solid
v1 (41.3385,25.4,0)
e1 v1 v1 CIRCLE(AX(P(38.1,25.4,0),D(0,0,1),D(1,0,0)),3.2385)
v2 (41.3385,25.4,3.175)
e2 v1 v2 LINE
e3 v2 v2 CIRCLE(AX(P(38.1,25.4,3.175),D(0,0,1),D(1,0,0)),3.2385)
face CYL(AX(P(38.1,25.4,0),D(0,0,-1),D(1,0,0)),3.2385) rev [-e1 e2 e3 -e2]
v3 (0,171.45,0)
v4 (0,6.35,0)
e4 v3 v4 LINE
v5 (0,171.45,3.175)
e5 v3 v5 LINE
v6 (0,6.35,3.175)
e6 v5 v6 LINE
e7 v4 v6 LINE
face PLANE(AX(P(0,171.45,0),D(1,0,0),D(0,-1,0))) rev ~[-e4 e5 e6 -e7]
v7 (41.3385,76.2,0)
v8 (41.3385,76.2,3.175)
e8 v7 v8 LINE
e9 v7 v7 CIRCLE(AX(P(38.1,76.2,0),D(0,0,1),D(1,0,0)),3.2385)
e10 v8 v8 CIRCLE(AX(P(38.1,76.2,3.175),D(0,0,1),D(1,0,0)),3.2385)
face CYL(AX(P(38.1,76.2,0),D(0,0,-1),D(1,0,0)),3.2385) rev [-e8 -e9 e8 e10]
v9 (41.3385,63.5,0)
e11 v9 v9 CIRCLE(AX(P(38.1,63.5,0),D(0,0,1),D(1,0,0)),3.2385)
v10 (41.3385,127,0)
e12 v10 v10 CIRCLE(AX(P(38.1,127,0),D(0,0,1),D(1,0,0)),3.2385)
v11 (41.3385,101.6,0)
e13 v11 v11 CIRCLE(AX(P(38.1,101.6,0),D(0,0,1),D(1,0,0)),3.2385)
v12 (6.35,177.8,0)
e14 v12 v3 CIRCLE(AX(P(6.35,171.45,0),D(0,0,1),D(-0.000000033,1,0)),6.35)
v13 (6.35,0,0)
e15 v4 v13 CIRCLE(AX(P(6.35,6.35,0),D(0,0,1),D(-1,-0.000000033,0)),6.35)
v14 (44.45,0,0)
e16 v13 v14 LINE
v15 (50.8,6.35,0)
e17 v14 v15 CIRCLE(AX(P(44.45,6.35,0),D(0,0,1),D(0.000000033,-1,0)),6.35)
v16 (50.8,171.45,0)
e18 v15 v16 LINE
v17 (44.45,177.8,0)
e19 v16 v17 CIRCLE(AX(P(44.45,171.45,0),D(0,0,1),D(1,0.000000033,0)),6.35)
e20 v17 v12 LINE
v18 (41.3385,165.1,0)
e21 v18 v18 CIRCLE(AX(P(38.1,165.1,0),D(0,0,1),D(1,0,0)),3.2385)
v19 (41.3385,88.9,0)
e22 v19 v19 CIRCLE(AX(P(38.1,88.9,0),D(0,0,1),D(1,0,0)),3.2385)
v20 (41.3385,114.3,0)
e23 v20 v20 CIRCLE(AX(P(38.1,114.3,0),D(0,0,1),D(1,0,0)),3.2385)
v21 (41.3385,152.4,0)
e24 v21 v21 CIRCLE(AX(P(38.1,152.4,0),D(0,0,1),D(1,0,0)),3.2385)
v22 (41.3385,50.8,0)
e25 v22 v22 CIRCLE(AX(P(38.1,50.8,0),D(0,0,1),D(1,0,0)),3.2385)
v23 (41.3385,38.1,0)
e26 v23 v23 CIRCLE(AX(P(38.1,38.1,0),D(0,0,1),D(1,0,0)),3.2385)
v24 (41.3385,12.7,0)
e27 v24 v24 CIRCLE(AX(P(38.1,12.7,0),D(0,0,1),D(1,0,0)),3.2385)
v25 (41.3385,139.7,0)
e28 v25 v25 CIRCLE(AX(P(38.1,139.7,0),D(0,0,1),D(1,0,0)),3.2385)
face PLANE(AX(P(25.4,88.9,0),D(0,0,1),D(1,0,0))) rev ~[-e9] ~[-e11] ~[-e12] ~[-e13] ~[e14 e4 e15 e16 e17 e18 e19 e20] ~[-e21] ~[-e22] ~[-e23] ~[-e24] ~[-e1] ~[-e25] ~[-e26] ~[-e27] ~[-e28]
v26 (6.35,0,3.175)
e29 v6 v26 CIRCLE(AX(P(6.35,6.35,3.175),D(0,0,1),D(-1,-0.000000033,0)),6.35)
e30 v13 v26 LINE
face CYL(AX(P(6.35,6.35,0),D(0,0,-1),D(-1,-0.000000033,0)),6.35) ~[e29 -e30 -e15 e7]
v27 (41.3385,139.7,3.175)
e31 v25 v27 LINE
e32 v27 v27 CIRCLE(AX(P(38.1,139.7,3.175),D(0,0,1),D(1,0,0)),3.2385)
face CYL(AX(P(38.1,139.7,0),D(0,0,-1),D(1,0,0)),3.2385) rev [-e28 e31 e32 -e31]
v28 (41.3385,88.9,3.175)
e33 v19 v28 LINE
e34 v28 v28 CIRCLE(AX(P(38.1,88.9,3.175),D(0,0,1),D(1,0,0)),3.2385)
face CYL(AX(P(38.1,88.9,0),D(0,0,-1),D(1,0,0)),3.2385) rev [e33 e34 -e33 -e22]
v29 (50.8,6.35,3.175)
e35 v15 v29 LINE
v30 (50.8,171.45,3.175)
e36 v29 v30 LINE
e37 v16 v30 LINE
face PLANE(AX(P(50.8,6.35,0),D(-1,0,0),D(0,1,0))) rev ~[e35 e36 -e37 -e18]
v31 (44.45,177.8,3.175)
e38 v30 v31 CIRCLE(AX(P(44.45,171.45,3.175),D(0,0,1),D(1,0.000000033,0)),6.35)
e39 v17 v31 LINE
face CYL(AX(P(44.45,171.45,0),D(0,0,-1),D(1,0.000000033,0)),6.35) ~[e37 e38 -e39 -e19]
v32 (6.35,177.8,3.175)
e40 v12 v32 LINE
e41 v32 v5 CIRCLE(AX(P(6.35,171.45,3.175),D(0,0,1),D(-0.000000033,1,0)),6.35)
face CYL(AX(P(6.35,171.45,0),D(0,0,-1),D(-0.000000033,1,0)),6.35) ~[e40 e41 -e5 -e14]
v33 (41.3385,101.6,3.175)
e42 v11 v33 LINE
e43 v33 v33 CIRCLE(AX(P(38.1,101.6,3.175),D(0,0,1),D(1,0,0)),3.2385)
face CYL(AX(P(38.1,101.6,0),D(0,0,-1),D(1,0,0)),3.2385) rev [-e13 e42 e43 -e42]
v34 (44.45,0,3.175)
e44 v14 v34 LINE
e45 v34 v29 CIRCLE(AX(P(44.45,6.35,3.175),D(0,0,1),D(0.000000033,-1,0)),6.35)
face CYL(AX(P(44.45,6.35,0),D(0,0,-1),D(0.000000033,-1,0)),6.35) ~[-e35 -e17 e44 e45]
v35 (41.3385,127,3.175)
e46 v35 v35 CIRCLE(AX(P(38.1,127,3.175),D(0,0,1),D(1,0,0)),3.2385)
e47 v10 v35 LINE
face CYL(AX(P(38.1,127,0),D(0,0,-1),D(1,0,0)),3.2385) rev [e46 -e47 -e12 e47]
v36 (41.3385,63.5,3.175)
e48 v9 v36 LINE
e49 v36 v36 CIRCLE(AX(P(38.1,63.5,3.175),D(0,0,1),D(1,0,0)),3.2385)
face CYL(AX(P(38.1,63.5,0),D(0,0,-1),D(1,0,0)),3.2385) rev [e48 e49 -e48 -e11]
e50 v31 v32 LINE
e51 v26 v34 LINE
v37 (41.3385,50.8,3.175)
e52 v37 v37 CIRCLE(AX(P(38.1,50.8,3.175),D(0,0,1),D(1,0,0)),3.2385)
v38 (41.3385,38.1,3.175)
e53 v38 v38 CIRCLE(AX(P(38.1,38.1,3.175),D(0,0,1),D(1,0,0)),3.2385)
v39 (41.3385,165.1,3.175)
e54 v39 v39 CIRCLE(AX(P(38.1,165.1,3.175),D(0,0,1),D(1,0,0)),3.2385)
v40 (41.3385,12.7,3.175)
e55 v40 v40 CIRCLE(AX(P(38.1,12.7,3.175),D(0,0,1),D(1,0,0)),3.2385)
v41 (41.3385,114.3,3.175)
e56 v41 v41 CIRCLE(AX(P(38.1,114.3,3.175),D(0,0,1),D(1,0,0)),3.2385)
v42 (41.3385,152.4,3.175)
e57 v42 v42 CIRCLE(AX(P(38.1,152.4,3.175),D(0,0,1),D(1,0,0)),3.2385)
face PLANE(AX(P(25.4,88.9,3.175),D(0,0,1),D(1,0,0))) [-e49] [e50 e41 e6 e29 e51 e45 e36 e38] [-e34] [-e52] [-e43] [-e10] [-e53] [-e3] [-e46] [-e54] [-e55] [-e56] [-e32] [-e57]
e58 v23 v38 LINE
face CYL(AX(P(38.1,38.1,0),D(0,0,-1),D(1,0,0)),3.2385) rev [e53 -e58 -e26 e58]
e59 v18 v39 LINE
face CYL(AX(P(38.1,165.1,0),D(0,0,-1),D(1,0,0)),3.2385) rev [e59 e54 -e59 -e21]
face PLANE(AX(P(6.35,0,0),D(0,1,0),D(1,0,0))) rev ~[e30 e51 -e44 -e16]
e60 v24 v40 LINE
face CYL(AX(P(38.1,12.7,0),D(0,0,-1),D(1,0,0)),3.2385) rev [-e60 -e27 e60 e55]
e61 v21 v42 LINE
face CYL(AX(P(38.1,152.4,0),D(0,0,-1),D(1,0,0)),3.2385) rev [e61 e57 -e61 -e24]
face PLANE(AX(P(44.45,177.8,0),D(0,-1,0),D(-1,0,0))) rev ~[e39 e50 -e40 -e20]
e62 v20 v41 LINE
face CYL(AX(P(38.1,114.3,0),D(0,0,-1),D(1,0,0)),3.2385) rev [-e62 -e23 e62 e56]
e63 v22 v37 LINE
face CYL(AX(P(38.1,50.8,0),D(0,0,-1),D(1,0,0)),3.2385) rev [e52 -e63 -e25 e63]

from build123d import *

# Parameters (mm, degrees)
F0_R     = 3.2385
F1_DEPTH = 3.175


with BuildPart() as f1:
    # F0 (on Top) → F1 (new body)
    with BuildSketch(Plane.XY):
        with BuildLine():
            ThreePointArc((0, 6.35), (1.859872, 1.859872), (6.35, 0))
            Line((6.35, 0), (44.45, 0))
            ThreePointArc((44.45, 0), (48.940128, 1.859872), (50.8, 6.35))
            Line((50.8, 6.35), (50.8, 171.45))
            ThreePointArc((50.8, 171.45), (48.940128, 175.940128), (44.45, 177.8))
            Line((44.45, 177.8), (6.35, 177.8))
            ThreePointArc((6.35, 177.8), (1.859872, 175.940128), (0, 171.45))
            Line((0, 171.45), (0, 6.35))
        make_face()
        with Locations((38.1, 12.7)):
            Circle(F0_R, mode=Mode.SUBTRACT)
        with Locations((38.1, 25.4)):
            Circle(F0_R, mode=Mode.SUBTRACT)
        with Locations((38.1, 38.1)):
            Circle(F0_R, mode=Mode.SUBTRACT)
        with Locations((38.1, 50.8)):
            Circle(F0_R, mode=Mode.SUBTRACT)
        with Locations((38.1, 63.5)):
            Circle(F0_R, mode=Mode.SUBTRACT)
        with Locations((38.1, 76.2)):
            Circle(F0_R, mode=Mode.SUBTRACT)
        with Locations((38.1, 88.9)):
            Circle(F0_R, mode=Mode.SUBTRACT)
        with Locations((38.1, 101.6)):
            Circle(F0_R, mode=Mode.SUBTRACT)
        with Locations((38.1, 114.3)):
            Circle(F0_R, mode=Mode.SUBTRACT)
        with Locations((38.1, 127)):
            Circle(F0_R, mode=Mode.SUBTRACT)
        with Locations((38.1, 139.7)):
            Circle(F0_R, mode=Mode.SUBTRACT)
        with Locations((38.1, 152.4)):
            Circle(F0_R, mode=Mode.SUBTRACT)
        with Locations((38.1, 165.1)):
            Circle(F0_R, mode=Mode.SUBTRACT)
    extrude(amount=F1_DEPTH)


solid = f1.part
